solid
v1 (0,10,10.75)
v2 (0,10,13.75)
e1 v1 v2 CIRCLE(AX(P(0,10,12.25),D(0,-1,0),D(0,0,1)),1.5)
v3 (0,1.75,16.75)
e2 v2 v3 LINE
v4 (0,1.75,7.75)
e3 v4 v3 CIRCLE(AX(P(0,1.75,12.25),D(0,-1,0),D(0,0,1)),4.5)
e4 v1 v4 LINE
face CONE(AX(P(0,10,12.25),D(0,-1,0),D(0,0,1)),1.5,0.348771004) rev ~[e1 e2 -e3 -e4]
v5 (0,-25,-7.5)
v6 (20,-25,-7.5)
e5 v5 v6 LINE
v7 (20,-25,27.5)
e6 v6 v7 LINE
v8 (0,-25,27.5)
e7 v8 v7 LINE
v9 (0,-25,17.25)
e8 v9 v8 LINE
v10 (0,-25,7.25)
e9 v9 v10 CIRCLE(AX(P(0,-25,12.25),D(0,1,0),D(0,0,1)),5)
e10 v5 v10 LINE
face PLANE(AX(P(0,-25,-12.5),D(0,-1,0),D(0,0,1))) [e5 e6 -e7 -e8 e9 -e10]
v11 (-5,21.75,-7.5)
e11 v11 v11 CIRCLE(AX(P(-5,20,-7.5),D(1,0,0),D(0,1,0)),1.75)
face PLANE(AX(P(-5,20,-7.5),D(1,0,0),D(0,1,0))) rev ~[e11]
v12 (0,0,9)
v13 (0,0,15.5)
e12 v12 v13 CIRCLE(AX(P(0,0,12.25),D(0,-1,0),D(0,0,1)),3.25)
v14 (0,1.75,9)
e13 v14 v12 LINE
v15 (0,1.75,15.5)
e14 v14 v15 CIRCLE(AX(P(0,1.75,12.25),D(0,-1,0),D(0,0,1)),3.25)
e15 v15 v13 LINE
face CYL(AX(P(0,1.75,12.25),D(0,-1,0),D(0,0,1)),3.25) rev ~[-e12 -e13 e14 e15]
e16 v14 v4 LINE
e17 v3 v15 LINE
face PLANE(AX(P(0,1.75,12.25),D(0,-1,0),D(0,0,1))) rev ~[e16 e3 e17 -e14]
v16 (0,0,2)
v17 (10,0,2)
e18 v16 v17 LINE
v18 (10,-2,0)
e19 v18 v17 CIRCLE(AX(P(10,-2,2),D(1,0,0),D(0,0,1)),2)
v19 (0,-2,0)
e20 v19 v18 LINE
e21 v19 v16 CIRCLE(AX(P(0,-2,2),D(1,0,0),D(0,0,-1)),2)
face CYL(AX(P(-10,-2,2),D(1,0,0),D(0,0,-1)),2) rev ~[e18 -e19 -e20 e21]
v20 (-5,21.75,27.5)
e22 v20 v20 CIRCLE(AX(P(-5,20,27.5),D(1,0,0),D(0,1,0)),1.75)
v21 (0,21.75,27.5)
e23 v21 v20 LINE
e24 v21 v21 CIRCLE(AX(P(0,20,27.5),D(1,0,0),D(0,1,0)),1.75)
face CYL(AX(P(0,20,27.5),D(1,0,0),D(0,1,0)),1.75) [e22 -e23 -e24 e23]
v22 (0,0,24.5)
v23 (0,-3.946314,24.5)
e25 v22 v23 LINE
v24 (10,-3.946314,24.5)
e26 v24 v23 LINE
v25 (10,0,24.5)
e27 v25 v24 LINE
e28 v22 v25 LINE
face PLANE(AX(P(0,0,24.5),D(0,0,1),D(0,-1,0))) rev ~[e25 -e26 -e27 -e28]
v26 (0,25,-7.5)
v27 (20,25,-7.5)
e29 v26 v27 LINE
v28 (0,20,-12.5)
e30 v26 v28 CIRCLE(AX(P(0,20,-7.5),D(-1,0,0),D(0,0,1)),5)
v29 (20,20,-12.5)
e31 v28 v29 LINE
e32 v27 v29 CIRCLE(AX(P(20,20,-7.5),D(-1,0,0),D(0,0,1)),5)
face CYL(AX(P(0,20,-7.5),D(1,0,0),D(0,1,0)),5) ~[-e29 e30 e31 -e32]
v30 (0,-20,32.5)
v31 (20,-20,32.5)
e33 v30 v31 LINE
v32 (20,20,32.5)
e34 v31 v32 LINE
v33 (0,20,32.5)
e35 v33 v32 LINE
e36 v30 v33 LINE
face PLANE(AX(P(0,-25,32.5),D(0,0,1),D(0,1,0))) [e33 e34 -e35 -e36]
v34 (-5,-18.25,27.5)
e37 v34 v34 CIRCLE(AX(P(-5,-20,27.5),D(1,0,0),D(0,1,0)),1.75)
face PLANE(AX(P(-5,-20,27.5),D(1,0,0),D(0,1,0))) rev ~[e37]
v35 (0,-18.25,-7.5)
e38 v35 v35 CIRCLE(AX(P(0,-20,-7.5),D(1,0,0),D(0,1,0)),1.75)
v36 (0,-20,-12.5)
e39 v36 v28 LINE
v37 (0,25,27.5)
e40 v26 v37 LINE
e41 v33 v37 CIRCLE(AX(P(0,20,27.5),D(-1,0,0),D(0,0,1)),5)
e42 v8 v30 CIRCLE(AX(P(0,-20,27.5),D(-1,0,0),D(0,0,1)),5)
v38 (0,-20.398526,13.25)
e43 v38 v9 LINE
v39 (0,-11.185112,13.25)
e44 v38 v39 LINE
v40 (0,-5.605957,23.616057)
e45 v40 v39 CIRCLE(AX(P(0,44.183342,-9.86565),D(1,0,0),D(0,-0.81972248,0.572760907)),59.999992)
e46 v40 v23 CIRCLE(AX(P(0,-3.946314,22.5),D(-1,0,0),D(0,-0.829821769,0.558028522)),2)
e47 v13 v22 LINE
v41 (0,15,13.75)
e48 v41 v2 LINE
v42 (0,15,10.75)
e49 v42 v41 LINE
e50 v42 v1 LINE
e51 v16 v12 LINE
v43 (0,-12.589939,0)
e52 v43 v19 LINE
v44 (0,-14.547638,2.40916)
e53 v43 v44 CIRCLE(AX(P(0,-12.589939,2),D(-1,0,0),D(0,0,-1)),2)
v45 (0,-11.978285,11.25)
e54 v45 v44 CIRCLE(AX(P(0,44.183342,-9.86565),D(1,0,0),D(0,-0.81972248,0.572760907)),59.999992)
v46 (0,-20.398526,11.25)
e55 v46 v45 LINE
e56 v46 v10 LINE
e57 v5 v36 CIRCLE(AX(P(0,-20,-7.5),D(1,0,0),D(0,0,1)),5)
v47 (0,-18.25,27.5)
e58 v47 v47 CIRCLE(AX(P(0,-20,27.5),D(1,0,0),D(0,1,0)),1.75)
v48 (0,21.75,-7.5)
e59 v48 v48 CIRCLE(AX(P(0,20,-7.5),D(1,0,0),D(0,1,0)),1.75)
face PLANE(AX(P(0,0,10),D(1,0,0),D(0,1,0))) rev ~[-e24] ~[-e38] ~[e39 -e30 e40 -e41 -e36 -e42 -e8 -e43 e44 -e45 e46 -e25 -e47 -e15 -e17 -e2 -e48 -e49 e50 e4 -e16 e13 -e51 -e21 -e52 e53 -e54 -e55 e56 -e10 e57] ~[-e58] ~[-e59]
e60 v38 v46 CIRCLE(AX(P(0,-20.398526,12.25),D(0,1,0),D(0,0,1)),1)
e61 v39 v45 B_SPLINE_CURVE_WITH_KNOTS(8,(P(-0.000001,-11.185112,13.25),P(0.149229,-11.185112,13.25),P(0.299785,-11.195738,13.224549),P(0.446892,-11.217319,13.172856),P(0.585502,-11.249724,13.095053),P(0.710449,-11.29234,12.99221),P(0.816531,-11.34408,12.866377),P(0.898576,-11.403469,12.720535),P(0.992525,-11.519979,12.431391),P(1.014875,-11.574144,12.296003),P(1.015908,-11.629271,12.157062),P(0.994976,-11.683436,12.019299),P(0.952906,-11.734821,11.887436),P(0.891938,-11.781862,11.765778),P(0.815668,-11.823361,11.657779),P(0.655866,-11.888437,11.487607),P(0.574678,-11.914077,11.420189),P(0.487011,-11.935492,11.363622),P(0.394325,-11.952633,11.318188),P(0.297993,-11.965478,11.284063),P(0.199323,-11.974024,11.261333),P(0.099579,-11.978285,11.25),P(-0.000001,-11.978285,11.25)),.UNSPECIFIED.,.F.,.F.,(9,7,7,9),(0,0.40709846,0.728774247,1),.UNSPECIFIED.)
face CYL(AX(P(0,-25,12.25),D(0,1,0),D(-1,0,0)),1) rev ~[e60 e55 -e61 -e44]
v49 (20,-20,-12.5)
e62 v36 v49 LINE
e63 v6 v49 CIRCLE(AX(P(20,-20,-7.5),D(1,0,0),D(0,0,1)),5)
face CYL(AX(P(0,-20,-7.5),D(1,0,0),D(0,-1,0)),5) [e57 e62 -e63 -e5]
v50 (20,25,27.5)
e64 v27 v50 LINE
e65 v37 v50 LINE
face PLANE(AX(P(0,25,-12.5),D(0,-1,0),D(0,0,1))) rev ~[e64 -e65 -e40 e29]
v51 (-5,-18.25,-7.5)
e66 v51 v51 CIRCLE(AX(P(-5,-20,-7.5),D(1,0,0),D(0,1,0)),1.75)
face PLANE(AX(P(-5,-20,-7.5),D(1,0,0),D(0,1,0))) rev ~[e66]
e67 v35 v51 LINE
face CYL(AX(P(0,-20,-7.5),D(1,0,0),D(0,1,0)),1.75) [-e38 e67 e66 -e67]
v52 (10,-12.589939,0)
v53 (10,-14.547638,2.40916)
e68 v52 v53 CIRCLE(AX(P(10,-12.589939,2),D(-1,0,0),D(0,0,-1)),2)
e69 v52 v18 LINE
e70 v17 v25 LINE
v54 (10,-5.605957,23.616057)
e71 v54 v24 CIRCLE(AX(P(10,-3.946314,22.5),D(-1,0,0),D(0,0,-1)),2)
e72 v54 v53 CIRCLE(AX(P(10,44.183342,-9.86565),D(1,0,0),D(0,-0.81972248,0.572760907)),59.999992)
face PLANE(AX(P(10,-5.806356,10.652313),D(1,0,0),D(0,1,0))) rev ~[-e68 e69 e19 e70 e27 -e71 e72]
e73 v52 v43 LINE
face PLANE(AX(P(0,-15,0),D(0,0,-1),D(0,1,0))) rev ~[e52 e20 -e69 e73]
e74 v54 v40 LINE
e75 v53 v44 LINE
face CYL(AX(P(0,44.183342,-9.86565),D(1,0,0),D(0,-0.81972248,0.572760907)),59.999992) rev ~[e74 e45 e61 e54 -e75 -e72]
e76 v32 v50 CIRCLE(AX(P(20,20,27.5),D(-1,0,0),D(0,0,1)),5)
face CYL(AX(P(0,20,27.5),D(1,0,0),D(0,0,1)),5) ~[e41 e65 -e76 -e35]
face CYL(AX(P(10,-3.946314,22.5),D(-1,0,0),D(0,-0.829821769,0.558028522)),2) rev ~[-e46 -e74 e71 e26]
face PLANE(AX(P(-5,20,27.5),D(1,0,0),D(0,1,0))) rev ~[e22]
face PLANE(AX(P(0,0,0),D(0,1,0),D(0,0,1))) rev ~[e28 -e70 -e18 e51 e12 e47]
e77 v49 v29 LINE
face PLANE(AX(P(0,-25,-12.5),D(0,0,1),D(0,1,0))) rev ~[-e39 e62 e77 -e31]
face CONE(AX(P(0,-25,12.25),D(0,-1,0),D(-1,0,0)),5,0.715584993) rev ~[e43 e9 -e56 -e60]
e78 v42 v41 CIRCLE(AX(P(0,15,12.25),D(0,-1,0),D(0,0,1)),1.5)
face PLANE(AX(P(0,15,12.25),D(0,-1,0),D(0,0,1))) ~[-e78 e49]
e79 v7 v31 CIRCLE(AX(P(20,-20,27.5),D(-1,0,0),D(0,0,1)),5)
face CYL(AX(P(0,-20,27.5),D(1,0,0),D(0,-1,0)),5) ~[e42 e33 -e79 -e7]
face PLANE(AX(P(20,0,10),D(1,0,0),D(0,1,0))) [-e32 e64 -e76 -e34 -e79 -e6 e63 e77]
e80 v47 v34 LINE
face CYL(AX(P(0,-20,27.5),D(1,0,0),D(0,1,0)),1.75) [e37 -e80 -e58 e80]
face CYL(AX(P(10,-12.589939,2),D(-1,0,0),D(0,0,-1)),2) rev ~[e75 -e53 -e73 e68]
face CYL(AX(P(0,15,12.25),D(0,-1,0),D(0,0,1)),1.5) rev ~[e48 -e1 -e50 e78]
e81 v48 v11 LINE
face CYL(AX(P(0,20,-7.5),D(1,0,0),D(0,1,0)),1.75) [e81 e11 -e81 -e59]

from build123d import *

# Parameters (mm, degrees)
F1_DEPTH        = 10
F5_R            = 2
F6_W            = 50
F6_H            = 45
F7_DEPTH        = 20
F10_D           = 2
F10_DEPTH       = 20
F10_CSINK_D     = 10
F10_CSINK_ANGLE = 82
F11_R           = 5
F12_R           = 1.75
F13_DEPTH       = 5


with BuildPart() as f1:
    # F0 (on Right) → F1 (new body, symmetric)
    with BuildSketch(Plane.YZ):
        with BuildLine():
            Line((-15, 0), (0, 0))
            Line((0, 0), (0, 24.5))
            Line((0, 24.5), (-5, 24.5))
            ThreePointArc((-5, 24.5), (-11.367509, 12.808167), (-15, 0))
        make_face()
    extrude(amount=F1_DEPTH, both=True)

    # F3 (on Right) → F4 (revolve)
    with BuildSketch(Plane.YZ):
        Polygon((0, 12.25), (15, 12.25), (15, 13.75), (10, 13.75), (1.75, 16.75), (1.75, 15.5), (0, 15.5), align=None)
    revolve(axis=Axis((0, 7.5, 12.25), (0, -1, 0)))

    # F5
    f5_edges = [f1.edges().sort_by_distance(p)[0] for p in [
        (0, -5, 24.5),
        (0, -15, 0),
        (0, 0, 0),
    ]]
    fillet(f5_edges, radius=F5_R)


with BuildPart() as f7:
    # F6 (on Right) → F7 (new body)
    with BuildSketch(Plane.YZ):
        with Locations((0, 10)):
            Rectangle(F6_W, F6_H)
    extrude(amount=F7_DEPTH)

    # F8: cut F1
    add(f1.part, mode=Mode.SUBTRACT)

    # F10
    with Locations(Plane.XZ.offset(25)):
        with Locations((0, 12.25)):
            CounterSinkHole(F10_D / 2, F10_CSINK_D / 2, depth=F10_DEPTH, counter_sink_angle=F10_CSINK_ANGLE)

    # F11
    f11_edges = [f7.edges().sort_by_distance(p)[0] for p in [
        (10, -25, 32.5),
        (10, 25, 32.5),
        (10, -25, -12.5),
        (10, 25, -12.5),
    ]]
    fillet(f11_edges, radius=F11_R)

    # F12 (on face) → F13 (join)
    with BuildSketch(Plane.YZ):
        with Locations((20, 27.5)):
            Circle(F12_R)
        with Locations((-20, 27.5)):
            Circle(F12_R)
        with Locations((-20, -7.5)):
            Circle(F12_R)
        with Locations((20, -7.5)):
            Circle(F12_R)
    extrude(amount=-F13_DEPTH)


solid = f7.part
